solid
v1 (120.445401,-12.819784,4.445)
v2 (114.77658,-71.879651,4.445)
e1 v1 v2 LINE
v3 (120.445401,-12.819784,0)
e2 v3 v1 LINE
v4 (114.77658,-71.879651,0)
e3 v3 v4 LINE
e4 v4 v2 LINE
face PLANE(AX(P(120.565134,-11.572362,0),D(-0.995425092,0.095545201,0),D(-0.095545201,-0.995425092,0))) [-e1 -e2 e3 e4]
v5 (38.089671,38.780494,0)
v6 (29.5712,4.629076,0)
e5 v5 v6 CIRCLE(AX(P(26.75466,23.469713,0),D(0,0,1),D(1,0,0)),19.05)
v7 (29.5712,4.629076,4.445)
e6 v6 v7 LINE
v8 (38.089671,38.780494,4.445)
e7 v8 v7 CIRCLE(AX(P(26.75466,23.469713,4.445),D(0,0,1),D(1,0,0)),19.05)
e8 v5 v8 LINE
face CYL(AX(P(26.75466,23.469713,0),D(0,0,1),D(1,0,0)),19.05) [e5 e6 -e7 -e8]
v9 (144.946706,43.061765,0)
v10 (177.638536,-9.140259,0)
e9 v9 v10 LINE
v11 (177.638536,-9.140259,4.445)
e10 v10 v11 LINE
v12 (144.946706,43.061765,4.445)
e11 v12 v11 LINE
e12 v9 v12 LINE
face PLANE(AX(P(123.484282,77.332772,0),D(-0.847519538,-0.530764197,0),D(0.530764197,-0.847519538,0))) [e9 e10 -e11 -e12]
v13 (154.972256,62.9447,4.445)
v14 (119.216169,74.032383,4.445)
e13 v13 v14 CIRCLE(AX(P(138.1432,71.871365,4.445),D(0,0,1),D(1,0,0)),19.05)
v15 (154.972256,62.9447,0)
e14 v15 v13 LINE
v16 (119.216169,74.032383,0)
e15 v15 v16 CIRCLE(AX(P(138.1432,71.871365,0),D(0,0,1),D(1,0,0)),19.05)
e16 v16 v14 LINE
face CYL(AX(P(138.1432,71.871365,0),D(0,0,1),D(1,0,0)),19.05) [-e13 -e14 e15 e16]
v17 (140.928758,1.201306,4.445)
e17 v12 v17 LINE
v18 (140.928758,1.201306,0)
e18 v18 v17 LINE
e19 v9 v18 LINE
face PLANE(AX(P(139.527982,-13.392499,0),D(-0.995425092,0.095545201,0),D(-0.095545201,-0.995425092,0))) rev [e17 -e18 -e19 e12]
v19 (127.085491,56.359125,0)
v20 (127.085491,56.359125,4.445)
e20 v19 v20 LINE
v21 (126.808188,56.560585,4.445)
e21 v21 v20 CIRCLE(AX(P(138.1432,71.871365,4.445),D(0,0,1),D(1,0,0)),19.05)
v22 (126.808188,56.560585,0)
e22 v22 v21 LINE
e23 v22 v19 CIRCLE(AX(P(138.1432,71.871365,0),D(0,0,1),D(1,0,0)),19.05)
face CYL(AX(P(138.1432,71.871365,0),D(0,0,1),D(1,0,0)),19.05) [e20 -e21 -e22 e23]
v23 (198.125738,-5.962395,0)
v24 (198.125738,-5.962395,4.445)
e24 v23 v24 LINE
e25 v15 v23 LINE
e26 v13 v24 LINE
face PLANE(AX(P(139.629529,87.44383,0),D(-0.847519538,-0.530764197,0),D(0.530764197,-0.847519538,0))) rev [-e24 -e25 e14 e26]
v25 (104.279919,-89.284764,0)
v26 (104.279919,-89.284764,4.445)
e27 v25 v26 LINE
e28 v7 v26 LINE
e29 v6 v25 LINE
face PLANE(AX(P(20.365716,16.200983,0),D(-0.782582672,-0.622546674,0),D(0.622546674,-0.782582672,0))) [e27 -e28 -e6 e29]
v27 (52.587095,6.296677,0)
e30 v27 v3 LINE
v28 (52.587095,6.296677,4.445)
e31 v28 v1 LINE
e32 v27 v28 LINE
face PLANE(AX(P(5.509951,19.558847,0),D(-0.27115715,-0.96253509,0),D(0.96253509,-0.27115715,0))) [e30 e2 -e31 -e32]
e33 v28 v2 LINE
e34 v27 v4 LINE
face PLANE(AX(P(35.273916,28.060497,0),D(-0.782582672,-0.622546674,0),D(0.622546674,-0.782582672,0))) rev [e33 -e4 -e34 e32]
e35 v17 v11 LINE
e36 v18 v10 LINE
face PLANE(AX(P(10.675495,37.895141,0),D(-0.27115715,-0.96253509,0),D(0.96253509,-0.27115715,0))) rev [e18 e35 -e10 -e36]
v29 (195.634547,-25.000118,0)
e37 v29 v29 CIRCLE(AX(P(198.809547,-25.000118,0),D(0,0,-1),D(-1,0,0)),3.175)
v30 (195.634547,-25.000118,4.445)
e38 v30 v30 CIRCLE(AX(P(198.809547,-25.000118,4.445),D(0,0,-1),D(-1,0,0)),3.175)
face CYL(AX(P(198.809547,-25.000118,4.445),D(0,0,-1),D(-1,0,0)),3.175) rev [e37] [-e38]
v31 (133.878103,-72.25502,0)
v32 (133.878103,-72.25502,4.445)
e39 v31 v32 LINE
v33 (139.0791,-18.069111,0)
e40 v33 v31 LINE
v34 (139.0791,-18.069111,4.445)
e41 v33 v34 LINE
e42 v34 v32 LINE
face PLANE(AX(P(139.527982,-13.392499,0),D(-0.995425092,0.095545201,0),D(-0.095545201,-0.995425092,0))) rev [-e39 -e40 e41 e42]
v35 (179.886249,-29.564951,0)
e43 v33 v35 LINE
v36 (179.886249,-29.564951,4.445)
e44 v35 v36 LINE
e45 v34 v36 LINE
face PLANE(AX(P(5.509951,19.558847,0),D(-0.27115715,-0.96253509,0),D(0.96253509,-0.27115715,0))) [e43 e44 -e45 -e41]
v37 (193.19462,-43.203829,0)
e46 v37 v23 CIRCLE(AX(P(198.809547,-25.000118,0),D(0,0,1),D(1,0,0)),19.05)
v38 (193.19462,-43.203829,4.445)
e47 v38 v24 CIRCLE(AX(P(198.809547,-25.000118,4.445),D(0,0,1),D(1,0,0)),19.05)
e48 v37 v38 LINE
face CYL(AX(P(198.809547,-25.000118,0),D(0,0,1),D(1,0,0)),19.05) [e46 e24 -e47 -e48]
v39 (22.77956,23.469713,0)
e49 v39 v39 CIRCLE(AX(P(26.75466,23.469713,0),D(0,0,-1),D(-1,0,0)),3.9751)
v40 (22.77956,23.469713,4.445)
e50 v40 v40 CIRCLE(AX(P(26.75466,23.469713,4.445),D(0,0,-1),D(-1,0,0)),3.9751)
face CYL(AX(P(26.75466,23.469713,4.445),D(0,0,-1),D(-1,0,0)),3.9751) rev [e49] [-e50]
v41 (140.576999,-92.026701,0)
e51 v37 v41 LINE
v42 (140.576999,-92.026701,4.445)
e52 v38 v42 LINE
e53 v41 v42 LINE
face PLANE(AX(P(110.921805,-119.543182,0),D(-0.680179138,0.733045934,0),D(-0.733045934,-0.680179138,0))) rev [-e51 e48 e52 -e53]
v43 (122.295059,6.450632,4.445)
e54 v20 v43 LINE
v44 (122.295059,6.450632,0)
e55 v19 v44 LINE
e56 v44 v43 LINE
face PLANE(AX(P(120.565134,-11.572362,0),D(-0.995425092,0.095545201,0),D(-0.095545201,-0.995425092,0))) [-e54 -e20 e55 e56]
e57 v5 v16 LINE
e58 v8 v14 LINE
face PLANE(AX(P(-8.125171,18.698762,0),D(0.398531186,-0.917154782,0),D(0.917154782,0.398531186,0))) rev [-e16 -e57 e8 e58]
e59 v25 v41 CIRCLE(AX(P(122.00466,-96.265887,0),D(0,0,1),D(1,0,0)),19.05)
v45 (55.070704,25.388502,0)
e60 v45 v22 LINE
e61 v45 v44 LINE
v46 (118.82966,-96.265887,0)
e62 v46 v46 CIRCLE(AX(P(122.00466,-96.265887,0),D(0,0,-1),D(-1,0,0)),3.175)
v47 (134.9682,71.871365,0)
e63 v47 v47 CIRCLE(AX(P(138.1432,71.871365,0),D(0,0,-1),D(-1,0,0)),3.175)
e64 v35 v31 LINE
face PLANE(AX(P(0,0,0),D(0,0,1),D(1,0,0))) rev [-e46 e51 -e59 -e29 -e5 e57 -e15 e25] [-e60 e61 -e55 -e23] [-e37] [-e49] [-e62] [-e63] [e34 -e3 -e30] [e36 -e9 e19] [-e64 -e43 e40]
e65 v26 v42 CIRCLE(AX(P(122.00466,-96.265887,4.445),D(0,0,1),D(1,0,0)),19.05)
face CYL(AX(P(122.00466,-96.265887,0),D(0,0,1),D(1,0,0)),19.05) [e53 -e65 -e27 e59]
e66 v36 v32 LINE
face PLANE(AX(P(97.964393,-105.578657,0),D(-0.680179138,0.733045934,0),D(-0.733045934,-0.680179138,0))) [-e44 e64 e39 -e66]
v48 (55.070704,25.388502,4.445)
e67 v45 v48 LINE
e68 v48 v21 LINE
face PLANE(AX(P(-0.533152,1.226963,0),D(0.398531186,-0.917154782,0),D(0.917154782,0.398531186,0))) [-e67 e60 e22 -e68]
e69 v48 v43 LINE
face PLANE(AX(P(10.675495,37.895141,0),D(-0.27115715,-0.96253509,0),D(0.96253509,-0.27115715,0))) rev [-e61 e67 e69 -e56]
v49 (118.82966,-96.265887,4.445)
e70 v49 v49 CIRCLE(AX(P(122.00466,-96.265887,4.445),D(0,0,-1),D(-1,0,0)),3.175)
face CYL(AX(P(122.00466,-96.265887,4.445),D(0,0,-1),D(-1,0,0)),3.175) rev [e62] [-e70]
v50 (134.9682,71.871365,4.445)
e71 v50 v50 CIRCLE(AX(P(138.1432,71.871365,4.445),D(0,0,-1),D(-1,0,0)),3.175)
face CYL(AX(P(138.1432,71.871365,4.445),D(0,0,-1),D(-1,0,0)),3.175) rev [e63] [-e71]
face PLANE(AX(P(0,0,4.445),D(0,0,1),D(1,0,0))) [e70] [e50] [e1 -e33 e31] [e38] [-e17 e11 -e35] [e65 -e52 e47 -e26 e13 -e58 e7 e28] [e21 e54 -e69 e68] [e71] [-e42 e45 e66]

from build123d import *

# Parameters (mm, degrees)
SKETCH2_W           = 457.2
SKETCH2_H           = 457.2
BOSS_EXTRUDE3_DEPTH = 4.445
SKETCH3_R           = 3.175
SKETCH3_R_2         = 3.9751
CUT_EXTRUDE1_DEPTH  = 324.31977673
SKETCH4_W           = 457.2
SKETCH4_H           = 457.2
SKETCH4_R           = 3.175
CUT_EXTRUDE2_DEPTH  = 324.31977673


with BuildPart() as part:
    # Sketch2 → Boss-Extrude3 (new body)
    with BuildSketch(Plane.XY):
        Rectangle(SKETCH2_W, SKETCH2_H)
    extrude(amount=BOSS_EXTRUDE3_DEPTH)

    # Sketch3 → Cut-Extrude1 (cut, through all)
    with BuildSketch(Plane(origin=(0, 0, 0), x_dir=(-1, 0, 0), z_dir=(0, 0, -1))):
        with Locations((-138.143199548, 71.871365193)):
            Circle(SKETCH3_R)
        with Locations((-198.809547248, -25.000118004)):
            Circle(SKETCH3_R)
        with Locations((-122.004659563, -96.265887155)):
            Circle(SKETCH3_R)
        with Locations((-26.754659563, -96.265887155)):
            Circle(SKETCH3_R)
        with Locations((-26.754659563, 23.469712845)):
            Circle(SKETCH3_R_2)
    extrude(amount=-CUT_EXTRUDE1_DEPTH, mode=Mode.SUBTRACT)

    # Sketch4 → Cut-Extrude2 (cut, through all)
    # profile 1 of 5: a face of its own
    with BuildSketch(Plane.XY.offset(4.445)):
        Rectangle(SKETCH4_W, SKETCH4_H)
        with Locations((26.754659563, -96.265887155)):
            Circle(SKETCH4_R, mode=Mode.SUBTRACT)
        with BuildLine():
            Line((104.279919091, -89.284764381), (29.57120013, 4.629075933))
            ThreePointArc((29.57120013, 4.629075933), (8.270979184, 28.080142289), (38.089671454, 38.780493538))
            Line((38.089671454, 38.780493538), (119.216168571, 74.032383096))
            ThreePointArc((119.216168571, 74.032383096), (139.225456422, 90.890598092), (157.193199548, 71.871365193))
            ThreePointArc((157.193199548, 71.871365193), (156.629627395, 67.271964637), (154.972256192, 62.944699943))
            Line((154.972256192, 62.944699943), (198.125737804, -5.962394804))
            ThreePointArc((198.125737804, -5.962394804), (212.035958895, -11.290102141), (217.859547248, -25.000118004))
            ThreePointArc((217.859547248, -25.000118004), (210.121888692, -40.327656327), (193.194620104, -43.203828976))
            Line((193.194620104, -43.203828976), (140.576999281, -92.026701216))
            ThreePointArc((140.576999281, -92.026701216), (140.934867851, -94.13288125), (141.054659563, -96.265887155))
            ThreePointArc((141.054659563, -96.265887155), (118.451759762, -114.981639959), (104.279919091, -89.284764381))
        make_face(mode=Mode.SUBTRACT)
    # profile 2 of 5: a face of its own
    with BuildSketch(Plane.XY.offset(4.445)):
        with BuildLine():
            ThreePointArc((127.085491453, 56.359125133), (126.946386449, 56.459231128), (126.808187657, 56.5605845))
            Line((126.808187657, 56.5605845), (55.070704112, 25.388502171))
            Line((55.070704112, 25.388502171), (122.29505865, 6.450632186))
            Line((122.29505865, 6.450632186), (127.085491453, 56.359125133))
        make_face()
    # profile 3 of 5: a face of its own
    with BuildSketch(Plane.XY.offset(4.445)):
        Polygon((144.946705866, 43.06176458), (140.928758156, 1.201305791), (177.638536292, -9.140258814), align=None)
    # profile 4 of 5: a face of its own
    with BuildSketch(Plane.XY.offset(4.445)):
        Polygon((179.886249099, -29.564951481), (139.079100318, -18.069110674), (133.87810257, -72.255020413), align=None)
    # profile 5 of 5: a face of its own
    with BuildSketch(Plane.XY.offset(4.445)):
        Polygon((120.445400812, -12.81978428), (52.587094953, 6.296677047), (114.776579601, -71.879651121), align=None)
    extrude(amount=-CUT_EXTRUDE2_DEPTH, mode=Mode.SUBTRACT)


solid = part.part
